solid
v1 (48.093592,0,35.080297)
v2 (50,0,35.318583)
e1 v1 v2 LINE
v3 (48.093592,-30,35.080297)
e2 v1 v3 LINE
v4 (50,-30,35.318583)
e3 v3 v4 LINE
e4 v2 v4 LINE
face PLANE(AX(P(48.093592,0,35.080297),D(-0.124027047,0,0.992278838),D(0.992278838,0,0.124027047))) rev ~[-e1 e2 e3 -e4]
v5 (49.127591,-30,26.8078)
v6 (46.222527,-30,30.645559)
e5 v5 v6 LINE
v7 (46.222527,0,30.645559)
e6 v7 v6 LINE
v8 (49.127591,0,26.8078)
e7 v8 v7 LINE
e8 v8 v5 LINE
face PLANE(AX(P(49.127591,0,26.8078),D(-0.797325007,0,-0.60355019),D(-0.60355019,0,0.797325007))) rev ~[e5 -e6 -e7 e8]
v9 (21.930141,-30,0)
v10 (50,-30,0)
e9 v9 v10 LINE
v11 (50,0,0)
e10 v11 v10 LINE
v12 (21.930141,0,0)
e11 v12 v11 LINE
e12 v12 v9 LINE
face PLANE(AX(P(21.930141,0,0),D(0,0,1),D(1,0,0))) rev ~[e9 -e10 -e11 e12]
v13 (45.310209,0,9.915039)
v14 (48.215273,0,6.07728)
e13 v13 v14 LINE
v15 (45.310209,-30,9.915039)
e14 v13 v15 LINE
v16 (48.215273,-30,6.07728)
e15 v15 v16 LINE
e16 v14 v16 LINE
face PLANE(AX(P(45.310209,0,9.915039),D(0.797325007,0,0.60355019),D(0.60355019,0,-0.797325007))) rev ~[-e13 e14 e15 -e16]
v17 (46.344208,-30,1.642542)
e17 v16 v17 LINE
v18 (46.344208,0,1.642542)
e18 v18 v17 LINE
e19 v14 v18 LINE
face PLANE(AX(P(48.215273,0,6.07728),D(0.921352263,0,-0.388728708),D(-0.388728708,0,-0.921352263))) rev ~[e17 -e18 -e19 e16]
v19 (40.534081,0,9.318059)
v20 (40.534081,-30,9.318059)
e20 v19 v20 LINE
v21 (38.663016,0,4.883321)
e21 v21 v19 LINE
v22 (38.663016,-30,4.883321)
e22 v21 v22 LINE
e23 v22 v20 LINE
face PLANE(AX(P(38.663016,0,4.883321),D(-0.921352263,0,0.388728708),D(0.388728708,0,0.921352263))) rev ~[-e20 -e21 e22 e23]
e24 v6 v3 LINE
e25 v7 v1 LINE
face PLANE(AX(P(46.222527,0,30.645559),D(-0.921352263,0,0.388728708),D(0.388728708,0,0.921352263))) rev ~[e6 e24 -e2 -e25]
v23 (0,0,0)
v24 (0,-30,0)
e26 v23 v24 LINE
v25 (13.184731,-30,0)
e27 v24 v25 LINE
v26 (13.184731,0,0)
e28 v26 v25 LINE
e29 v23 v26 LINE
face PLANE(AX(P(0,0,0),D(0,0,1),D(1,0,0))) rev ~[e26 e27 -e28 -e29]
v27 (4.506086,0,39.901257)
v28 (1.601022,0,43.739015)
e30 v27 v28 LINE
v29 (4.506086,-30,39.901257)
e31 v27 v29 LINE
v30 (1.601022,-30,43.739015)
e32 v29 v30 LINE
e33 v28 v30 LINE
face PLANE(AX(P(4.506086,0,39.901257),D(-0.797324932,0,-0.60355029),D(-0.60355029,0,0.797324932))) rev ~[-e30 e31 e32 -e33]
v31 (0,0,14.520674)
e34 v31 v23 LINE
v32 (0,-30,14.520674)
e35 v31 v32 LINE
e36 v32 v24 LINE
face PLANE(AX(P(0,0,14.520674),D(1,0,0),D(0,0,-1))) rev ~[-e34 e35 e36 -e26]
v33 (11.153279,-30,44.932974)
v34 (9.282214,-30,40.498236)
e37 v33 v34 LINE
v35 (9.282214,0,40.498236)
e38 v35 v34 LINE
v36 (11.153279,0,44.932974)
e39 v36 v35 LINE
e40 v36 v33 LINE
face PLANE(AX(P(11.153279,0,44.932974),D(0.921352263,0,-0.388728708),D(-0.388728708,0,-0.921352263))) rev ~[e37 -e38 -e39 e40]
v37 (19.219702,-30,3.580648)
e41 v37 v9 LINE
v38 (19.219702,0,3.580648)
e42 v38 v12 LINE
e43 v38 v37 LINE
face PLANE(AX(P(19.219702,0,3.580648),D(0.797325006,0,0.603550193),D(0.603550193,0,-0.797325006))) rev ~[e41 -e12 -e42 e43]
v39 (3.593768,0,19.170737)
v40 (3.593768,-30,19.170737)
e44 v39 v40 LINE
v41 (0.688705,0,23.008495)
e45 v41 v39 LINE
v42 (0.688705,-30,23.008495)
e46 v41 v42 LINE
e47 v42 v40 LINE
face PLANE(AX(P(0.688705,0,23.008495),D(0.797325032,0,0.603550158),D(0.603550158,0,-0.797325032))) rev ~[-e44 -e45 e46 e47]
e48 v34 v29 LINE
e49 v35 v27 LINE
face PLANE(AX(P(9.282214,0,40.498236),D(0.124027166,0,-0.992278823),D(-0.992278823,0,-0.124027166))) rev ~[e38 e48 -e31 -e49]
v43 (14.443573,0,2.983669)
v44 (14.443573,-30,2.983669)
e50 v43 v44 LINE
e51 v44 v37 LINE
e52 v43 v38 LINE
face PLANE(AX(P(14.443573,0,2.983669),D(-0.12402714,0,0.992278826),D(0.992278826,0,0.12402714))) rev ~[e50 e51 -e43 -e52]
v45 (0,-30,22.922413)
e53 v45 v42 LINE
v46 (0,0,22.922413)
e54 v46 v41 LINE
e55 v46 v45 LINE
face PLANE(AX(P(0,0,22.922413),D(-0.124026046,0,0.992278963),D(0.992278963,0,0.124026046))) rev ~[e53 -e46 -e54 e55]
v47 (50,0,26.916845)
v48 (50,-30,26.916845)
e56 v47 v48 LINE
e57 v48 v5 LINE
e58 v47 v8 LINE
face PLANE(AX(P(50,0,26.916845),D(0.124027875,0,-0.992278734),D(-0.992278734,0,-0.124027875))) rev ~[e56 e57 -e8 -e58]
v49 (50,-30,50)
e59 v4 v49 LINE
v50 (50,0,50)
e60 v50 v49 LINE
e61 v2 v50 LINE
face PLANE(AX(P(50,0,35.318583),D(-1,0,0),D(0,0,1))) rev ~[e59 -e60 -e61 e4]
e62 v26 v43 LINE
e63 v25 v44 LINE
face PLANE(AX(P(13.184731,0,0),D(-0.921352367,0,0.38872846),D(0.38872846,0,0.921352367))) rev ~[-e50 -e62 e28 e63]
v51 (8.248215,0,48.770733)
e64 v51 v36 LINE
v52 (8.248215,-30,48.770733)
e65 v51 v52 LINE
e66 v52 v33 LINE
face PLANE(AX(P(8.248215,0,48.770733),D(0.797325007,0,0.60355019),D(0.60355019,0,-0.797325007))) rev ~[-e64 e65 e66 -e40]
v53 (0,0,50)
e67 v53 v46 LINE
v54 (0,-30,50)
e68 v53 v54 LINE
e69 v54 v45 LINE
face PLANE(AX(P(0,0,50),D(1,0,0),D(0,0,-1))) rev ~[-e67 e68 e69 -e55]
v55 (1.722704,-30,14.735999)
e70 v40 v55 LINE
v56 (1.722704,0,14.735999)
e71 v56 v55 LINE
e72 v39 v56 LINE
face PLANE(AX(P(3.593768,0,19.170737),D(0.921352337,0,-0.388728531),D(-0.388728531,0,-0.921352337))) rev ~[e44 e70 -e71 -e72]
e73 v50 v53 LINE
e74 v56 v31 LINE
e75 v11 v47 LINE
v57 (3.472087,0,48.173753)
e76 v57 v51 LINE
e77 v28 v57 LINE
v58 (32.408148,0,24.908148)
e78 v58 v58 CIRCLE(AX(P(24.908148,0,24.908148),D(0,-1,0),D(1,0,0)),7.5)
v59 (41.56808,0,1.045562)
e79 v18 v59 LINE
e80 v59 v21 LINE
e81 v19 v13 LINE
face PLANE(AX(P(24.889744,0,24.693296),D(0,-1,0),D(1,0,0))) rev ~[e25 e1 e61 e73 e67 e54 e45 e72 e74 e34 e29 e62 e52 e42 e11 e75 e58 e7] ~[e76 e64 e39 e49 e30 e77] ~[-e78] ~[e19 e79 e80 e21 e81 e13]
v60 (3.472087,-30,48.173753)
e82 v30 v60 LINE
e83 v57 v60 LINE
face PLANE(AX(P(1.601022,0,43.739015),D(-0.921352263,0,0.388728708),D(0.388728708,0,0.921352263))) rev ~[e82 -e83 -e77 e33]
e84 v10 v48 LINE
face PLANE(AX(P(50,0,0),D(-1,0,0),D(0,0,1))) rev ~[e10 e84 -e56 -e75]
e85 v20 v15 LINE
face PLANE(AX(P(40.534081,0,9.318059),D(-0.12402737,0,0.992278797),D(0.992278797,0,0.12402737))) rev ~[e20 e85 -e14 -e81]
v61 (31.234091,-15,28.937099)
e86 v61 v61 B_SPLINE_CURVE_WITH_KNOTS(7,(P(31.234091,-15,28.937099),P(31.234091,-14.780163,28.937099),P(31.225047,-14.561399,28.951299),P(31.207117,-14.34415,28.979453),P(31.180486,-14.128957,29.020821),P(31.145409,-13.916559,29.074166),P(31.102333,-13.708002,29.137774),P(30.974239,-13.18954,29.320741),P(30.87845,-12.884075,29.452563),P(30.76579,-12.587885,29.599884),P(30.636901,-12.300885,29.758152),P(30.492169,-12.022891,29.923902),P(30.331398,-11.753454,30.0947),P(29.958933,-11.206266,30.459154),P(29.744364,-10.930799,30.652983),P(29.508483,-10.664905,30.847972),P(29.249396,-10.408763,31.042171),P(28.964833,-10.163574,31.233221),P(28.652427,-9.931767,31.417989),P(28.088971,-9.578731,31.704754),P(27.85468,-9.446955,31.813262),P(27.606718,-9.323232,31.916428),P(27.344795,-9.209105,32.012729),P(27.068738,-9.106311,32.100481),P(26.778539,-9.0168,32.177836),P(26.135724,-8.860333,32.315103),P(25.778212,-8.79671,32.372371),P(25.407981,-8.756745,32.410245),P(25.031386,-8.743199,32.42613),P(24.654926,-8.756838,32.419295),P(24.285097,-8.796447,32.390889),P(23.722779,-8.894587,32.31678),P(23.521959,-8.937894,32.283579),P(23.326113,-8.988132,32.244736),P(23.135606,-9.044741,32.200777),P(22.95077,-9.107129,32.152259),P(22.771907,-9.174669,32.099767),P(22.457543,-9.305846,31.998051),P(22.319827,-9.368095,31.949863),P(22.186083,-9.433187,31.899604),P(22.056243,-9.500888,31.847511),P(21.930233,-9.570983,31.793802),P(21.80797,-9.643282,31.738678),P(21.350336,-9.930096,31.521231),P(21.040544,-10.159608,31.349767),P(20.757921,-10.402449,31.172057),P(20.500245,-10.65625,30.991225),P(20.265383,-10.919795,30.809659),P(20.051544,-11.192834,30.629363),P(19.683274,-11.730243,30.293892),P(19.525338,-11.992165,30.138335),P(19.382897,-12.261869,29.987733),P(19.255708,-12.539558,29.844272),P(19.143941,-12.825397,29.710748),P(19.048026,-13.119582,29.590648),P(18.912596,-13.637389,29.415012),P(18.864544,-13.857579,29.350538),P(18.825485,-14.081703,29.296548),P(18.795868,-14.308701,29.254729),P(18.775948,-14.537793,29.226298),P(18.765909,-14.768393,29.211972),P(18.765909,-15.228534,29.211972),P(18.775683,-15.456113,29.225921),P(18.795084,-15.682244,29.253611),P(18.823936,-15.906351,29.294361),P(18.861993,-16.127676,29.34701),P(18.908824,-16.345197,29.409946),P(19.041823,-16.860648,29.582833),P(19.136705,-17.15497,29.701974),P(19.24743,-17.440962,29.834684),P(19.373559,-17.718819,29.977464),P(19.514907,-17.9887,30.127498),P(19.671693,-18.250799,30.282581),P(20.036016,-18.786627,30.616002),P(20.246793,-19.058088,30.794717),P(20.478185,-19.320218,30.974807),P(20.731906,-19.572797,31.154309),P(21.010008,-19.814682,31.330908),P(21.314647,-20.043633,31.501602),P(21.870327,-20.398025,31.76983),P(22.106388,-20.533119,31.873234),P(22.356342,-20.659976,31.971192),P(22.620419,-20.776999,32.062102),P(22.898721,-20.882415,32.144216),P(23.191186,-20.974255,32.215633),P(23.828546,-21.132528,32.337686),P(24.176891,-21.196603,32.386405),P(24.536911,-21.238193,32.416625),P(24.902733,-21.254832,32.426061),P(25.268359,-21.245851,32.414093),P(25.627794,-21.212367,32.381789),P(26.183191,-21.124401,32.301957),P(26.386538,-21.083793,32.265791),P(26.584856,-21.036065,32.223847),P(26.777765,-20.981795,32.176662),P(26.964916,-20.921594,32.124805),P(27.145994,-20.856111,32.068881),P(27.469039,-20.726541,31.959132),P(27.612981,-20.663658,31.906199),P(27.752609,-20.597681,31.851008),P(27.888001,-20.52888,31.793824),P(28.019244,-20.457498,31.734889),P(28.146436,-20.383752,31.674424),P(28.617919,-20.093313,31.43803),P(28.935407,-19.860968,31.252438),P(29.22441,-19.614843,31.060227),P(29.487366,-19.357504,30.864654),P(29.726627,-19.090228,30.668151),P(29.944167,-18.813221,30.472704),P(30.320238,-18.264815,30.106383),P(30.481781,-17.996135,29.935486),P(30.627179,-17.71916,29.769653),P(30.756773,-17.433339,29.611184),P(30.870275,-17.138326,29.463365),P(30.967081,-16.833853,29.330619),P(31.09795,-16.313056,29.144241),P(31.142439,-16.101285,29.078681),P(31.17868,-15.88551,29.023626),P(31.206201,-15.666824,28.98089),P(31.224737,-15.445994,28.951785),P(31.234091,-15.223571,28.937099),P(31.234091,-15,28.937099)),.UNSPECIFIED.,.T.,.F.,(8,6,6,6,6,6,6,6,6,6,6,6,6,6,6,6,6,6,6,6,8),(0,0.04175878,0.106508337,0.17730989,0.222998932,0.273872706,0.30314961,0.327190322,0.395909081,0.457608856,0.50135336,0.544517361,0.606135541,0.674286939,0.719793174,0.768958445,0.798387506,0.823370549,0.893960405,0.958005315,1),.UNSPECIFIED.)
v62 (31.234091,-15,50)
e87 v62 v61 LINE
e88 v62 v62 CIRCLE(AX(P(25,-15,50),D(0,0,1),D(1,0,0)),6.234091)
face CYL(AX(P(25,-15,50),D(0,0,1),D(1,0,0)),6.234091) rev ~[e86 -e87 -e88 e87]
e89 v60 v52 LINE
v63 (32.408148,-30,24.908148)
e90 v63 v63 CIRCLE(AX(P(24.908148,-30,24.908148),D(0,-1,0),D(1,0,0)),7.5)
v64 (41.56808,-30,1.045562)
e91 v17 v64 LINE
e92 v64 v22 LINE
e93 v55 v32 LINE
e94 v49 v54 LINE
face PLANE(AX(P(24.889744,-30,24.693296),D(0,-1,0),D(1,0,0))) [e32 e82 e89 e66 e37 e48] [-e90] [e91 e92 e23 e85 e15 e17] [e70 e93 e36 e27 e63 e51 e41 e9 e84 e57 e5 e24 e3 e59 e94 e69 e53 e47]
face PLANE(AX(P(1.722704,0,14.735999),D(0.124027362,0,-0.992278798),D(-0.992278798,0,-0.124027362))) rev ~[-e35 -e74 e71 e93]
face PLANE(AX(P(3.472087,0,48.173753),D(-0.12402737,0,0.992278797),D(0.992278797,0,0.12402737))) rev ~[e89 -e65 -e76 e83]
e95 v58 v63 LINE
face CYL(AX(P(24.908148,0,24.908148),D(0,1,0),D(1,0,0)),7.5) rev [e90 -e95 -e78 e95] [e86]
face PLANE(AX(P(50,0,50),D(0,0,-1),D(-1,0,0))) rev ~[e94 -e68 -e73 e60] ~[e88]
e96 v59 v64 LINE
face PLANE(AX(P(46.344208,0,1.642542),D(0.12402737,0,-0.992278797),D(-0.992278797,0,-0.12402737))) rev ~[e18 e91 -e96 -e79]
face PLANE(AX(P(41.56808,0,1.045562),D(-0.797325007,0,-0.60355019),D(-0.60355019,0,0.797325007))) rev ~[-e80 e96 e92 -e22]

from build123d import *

# Parameters (mm, degrees)
F0_R     = 7.5
F1_DEPTH = 30
F2_R     = 6.234091
F3_DEPTH = 24.4


with BuildPart() as f1:
    # F0 (on Front) → F1 (new body)
    with BuildSketch(Plane.XZ):
        Polygon((0, 14.520674), (0, 0), (13.184731, 0), (14.443573, 2.983669), (19.219702, 3.580648), (21.930141, 0), (50, 0), (50, 26.916845), (49.127591, 26.8078), (46.222527, 30.645559), (48.093592, 35.080297), (50, 35.318583), (50, 50), (0, 50), (0, 22.922413), (0.688705, 23.008495), (3.593768, 19.170737), (1.722704, 14.735999), align=None)
        Polygon((46.344208, 1.642542), (41.56808, 1.045562), (38.663016, 4.883321), (40.534081, 9.318059), (45.310209, 9.915039), (48.215273, 6.07728), align=None, mode=Mode.SUBTRACT)
        with Locations((24.908148, 24.908148)):
            Circle(F0_R, mode=Mode.SUBTRACT)
        Polygon((8.248215, 48.770733), (11.153279, 44.932974), (9.282214, 40.498236), (4.506086, 39.901257), (1.601022, 43.739015), (3.472087, 48.173753), align=None, mode=Mode.SUBTRACT)
    extrude(amount=F1_DEPTH)

    # F2 (on face) → F3 (cut)
    with BuildSketch(Plane.XY.offset(50)):
        with Locations((25, -15)):
            Circle(F2_R)
    extrude(amount=-F3_DEPTH, mode=Mode.SUBTRACT)


solid = f1.part
